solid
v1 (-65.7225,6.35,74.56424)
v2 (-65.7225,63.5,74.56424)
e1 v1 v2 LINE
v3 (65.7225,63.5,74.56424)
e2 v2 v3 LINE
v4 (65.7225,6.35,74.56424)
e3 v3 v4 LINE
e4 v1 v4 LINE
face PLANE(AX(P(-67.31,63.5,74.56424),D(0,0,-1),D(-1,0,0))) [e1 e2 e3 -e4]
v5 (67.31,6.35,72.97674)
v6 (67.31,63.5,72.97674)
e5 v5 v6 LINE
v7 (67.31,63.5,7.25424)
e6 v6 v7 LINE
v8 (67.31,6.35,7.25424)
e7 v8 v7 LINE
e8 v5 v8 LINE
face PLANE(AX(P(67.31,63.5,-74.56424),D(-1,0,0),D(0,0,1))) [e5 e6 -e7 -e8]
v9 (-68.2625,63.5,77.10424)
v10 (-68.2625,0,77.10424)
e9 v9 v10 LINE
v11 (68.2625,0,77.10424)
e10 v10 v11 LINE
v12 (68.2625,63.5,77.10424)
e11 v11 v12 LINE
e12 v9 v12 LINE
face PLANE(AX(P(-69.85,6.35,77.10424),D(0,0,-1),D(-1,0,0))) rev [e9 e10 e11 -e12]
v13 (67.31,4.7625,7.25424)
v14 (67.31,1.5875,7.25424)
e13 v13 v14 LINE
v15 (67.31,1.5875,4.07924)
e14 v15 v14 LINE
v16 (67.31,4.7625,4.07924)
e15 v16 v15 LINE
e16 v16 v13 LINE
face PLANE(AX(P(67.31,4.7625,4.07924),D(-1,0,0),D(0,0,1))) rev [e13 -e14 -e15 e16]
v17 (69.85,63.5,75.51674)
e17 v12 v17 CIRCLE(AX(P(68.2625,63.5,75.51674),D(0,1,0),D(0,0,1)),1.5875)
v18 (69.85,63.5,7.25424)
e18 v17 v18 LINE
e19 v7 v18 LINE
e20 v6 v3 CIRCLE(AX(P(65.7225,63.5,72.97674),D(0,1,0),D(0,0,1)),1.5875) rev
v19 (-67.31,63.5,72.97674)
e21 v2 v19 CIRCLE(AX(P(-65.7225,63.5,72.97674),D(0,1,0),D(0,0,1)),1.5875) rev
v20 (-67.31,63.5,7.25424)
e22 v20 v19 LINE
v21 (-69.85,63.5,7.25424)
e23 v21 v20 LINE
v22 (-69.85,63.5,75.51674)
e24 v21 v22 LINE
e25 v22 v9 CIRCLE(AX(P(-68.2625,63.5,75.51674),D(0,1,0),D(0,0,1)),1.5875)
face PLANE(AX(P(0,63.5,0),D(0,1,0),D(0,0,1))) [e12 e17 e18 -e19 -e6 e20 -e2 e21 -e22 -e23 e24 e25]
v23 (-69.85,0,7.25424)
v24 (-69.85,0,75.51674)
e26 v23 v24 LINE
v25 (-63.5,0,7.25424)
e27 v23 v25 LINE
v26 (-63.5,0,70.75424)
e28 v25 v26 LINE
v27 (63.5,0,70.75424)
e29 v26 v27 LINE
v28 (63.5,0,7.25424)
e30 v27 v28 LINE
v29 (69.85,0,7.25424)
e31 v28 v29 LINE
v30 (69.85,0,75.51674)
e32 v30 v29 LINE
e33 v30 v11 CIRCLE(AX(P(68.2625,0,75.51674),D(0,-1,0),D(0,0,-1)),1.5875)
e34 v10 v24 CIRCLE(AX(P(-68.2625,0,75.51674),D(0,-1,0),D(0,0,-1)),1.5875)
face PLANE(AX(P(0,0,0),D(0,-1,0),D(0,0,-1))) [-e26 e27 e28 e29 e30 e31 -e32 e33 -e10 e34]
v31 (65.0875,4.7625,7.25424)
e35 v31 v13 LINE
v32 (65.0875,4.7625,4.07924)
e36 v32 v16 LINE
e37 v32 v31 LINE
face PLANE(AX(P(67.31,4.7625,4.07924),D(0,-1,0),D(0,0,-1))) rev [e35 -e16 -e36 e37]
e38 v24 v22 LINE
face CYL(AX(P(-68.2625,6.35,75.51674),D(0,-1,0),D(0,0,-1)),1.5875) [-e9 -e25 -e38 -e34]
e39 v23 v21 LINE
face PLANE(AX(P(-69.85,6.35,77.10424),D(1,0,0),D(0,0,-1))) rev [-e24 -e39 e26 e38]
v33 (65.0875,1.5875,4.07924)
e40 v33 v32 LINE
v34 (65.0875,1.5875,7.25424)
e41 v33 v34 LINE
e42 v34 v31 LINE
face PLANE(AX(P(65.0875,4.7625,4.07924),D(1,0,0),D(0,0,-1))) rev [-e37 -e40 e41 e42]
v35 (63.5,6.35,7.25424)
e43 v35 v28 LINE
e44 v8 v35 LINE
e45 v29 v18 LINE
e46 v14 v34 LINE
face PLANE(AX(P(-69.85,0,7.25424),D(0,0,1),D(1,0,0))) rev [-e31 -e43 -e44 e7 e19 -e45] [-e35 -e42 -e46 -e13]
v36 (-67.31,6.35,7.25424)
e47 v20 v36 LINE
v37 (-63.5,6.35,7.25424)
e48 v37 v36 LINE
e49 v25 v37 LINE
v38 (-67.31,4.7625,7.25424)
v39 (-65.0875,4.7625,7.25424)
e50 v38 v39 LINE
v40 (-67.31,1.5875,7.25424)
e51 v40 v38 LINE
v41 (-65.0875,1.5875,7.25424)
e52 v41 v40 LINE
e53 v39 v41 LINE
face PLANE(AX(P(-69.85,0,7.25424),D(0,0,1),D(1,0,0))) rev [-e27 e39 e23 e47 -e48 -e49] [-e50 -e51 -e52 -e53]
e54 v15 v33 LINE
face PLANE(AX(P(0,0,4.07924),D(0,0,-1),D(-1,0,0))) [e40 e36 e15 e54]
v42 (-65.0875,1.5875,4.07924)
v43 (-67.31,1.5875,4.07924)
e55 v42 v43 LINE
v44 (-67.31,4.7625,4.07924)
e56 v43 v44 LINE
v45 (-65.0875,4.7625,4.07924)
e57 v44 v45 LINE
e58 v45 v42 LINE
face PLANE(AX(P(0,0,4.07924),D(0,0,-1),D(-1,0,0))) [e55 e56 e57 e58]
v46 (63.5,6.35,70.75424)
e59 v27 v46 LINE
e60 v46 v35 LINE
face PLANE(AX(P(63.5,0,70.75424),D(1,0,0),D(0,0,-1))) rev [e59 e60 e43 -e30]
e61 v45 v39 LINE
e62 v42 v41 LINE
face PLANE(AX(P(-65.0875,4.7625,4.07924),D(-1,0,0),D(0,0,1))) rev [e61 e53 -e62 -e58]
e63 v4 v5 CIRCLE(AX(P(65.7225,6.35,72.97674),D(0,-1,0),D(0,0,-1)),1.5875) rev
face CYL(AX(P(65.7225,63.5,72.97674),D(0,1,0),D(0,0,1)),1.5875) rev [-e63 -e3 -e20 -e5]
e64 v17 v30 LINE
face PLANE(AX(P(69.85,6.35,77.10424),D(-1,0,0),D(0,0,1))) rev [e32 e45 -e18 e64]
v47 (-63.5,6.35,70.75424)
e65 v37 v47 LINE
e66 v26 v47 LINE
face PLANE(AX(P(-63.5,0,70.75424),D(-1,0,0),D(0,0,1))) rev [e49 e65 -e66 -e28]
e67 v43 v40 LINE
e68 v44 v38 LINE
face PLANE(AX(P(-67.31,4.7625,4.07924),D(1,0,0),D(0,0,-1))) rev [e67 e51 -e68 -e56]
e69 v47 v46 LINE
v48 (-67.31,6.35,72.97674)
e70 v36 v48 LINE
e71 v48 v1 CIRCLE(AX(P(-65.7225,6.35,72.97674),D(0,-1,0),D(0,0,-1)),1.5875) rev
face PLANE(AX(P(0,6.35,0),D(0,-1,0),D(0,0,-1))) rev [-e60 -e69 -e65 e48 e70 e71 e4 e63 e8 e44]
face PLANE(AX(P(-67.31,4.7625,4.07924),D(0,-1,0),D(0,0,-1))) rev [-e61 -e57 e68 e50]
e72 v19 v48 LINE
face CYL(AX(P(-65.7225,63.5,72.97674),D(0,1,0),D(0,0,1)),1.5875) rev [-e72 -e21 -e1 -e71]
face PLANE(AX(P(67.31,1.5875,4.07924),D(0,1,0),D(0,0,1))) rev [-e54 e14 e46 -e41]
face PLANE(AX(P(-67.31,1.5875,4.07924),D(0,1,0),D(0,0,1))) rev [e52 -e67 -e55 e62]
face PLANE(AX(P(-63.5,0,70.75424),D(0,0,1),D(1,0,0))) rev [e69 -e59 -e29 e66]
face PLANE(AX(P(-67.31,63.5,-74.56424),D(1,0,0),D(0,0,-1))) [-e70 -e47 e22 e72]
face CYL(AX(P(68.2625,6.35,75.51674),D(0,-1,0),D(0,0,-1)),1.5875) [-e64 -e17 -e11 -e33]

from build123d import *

# Parameters (mm, degrees)
SKETCH1_W           = 139.7
SKETCH1_H           = 154.20848
BOSS_EXTRUDE1_DEPTH = 6.35
SKETCH2_W           = 127
SKETCH2_H           = 141.50848
CUT_EXTRUDE1_DEPTH  = 6.35
SKETCH3_W           = 139.7
SKETCH3_H           = 154.20848
SKETCH3_W_2         = 134.62
SKETCH3_H_2         = 149.12848
BOSS_EXTRUDE2_DEPTH = 57.15
SKETCH4_W           = 139.7
SKETCH4_H           = 84.35848
CUT_EXTRUDE2_DEPTH  = 64.5
SKETCH5_W           = 2.2225
SKETCH5_H           = 3.175
BOSS_EXTRUDE3_DEPTH = 3.175
FILLET1_R           = 1.5875


with BuildPart() as part:
    # Sketch1 → Boss-Extrude1 (new body)
    with BuildSketch(Plane(origin=(0, 0, 0), x_dir=(1, 0, 0), z_dir=(0, 1, 0))):
        Rectangle(SKETCH1_W, SKETCH1_H)
    extrude(amount=BOSS_EXTRUDE1_DEPTH)

    # Sketch2 → Cut-Extrude1 (cut)
    with BuildSketch(Plane(origin=(0, 6.35, 0), x_dir=(1, 0, 0), z_dir=(0, 1, 0))):
        Rectangle(SKETCH2_W, SKETCH2_H)
    extrude(amount=-CUT_EXTRUDE1_DEPTH, mode=Mode.SUBTRACT)

    # Sketch3 → Boss-Extrude2 (add)
    with BuildSketch(Plane(origin=(0, 6.35, 0), x_dir=(1, 0, 0), z_dir=(0, 1, 0))):
        Rectangle(SKETCH3_W, SKETCH3_H)
        Rectangle(SKETCH3_W_2, SKETCH3_H_2, mode=Mode.SUBTRACT)
    extrude(amount=BOSS_EXTRUDE2_DEPTH)

    # Sketch4 → Cut-Extrude2 (cut, through all)
    with BuildSketch(Plane(origin=(0, 63.5, 0), x_dir=(1, 0, 0), z_dir=(0, 1, 0))):
        with Locations((0, 34.925)):
            Rectangle(SKETCH4_W, SKETCH4_H)
    extrude(amount=-CUT_EXTRUDE2_DEPTH, mode=Mode.SUBTRACT)

    # Sketch5 → Boss-Extrude3 (add)
    with BuildSketch(Plane(origin=(0, 0, 7.25424), x_dir=(-1, 0, 0), z_dir=(0, 0, -1))):
        with Locations((-66.19875, 3.175)):
            Rectangle(SKETCH5_W, SKETCH5_H)
        with Locations((66.19875, 3.175)):
            Rectangle(SKETCH5_W, SKETCH5_H)
    extrude(amount=BOSS_EXTRUDE3_DEPTH)

    # Fillet1
    fillet1_edges = [part.edges().sort_by_distance(p)[0] for p in [
        (-67.31, 34.925, 74.56424),
        (67.31, 34.925, 74.56424),
        (69.85, 31.75, 77.10424),
        (-69.85, 31.75, 77.10424),
    ]]
    fillet(fillet1_edges, radius=FILLET1_R)


solid = part.part
